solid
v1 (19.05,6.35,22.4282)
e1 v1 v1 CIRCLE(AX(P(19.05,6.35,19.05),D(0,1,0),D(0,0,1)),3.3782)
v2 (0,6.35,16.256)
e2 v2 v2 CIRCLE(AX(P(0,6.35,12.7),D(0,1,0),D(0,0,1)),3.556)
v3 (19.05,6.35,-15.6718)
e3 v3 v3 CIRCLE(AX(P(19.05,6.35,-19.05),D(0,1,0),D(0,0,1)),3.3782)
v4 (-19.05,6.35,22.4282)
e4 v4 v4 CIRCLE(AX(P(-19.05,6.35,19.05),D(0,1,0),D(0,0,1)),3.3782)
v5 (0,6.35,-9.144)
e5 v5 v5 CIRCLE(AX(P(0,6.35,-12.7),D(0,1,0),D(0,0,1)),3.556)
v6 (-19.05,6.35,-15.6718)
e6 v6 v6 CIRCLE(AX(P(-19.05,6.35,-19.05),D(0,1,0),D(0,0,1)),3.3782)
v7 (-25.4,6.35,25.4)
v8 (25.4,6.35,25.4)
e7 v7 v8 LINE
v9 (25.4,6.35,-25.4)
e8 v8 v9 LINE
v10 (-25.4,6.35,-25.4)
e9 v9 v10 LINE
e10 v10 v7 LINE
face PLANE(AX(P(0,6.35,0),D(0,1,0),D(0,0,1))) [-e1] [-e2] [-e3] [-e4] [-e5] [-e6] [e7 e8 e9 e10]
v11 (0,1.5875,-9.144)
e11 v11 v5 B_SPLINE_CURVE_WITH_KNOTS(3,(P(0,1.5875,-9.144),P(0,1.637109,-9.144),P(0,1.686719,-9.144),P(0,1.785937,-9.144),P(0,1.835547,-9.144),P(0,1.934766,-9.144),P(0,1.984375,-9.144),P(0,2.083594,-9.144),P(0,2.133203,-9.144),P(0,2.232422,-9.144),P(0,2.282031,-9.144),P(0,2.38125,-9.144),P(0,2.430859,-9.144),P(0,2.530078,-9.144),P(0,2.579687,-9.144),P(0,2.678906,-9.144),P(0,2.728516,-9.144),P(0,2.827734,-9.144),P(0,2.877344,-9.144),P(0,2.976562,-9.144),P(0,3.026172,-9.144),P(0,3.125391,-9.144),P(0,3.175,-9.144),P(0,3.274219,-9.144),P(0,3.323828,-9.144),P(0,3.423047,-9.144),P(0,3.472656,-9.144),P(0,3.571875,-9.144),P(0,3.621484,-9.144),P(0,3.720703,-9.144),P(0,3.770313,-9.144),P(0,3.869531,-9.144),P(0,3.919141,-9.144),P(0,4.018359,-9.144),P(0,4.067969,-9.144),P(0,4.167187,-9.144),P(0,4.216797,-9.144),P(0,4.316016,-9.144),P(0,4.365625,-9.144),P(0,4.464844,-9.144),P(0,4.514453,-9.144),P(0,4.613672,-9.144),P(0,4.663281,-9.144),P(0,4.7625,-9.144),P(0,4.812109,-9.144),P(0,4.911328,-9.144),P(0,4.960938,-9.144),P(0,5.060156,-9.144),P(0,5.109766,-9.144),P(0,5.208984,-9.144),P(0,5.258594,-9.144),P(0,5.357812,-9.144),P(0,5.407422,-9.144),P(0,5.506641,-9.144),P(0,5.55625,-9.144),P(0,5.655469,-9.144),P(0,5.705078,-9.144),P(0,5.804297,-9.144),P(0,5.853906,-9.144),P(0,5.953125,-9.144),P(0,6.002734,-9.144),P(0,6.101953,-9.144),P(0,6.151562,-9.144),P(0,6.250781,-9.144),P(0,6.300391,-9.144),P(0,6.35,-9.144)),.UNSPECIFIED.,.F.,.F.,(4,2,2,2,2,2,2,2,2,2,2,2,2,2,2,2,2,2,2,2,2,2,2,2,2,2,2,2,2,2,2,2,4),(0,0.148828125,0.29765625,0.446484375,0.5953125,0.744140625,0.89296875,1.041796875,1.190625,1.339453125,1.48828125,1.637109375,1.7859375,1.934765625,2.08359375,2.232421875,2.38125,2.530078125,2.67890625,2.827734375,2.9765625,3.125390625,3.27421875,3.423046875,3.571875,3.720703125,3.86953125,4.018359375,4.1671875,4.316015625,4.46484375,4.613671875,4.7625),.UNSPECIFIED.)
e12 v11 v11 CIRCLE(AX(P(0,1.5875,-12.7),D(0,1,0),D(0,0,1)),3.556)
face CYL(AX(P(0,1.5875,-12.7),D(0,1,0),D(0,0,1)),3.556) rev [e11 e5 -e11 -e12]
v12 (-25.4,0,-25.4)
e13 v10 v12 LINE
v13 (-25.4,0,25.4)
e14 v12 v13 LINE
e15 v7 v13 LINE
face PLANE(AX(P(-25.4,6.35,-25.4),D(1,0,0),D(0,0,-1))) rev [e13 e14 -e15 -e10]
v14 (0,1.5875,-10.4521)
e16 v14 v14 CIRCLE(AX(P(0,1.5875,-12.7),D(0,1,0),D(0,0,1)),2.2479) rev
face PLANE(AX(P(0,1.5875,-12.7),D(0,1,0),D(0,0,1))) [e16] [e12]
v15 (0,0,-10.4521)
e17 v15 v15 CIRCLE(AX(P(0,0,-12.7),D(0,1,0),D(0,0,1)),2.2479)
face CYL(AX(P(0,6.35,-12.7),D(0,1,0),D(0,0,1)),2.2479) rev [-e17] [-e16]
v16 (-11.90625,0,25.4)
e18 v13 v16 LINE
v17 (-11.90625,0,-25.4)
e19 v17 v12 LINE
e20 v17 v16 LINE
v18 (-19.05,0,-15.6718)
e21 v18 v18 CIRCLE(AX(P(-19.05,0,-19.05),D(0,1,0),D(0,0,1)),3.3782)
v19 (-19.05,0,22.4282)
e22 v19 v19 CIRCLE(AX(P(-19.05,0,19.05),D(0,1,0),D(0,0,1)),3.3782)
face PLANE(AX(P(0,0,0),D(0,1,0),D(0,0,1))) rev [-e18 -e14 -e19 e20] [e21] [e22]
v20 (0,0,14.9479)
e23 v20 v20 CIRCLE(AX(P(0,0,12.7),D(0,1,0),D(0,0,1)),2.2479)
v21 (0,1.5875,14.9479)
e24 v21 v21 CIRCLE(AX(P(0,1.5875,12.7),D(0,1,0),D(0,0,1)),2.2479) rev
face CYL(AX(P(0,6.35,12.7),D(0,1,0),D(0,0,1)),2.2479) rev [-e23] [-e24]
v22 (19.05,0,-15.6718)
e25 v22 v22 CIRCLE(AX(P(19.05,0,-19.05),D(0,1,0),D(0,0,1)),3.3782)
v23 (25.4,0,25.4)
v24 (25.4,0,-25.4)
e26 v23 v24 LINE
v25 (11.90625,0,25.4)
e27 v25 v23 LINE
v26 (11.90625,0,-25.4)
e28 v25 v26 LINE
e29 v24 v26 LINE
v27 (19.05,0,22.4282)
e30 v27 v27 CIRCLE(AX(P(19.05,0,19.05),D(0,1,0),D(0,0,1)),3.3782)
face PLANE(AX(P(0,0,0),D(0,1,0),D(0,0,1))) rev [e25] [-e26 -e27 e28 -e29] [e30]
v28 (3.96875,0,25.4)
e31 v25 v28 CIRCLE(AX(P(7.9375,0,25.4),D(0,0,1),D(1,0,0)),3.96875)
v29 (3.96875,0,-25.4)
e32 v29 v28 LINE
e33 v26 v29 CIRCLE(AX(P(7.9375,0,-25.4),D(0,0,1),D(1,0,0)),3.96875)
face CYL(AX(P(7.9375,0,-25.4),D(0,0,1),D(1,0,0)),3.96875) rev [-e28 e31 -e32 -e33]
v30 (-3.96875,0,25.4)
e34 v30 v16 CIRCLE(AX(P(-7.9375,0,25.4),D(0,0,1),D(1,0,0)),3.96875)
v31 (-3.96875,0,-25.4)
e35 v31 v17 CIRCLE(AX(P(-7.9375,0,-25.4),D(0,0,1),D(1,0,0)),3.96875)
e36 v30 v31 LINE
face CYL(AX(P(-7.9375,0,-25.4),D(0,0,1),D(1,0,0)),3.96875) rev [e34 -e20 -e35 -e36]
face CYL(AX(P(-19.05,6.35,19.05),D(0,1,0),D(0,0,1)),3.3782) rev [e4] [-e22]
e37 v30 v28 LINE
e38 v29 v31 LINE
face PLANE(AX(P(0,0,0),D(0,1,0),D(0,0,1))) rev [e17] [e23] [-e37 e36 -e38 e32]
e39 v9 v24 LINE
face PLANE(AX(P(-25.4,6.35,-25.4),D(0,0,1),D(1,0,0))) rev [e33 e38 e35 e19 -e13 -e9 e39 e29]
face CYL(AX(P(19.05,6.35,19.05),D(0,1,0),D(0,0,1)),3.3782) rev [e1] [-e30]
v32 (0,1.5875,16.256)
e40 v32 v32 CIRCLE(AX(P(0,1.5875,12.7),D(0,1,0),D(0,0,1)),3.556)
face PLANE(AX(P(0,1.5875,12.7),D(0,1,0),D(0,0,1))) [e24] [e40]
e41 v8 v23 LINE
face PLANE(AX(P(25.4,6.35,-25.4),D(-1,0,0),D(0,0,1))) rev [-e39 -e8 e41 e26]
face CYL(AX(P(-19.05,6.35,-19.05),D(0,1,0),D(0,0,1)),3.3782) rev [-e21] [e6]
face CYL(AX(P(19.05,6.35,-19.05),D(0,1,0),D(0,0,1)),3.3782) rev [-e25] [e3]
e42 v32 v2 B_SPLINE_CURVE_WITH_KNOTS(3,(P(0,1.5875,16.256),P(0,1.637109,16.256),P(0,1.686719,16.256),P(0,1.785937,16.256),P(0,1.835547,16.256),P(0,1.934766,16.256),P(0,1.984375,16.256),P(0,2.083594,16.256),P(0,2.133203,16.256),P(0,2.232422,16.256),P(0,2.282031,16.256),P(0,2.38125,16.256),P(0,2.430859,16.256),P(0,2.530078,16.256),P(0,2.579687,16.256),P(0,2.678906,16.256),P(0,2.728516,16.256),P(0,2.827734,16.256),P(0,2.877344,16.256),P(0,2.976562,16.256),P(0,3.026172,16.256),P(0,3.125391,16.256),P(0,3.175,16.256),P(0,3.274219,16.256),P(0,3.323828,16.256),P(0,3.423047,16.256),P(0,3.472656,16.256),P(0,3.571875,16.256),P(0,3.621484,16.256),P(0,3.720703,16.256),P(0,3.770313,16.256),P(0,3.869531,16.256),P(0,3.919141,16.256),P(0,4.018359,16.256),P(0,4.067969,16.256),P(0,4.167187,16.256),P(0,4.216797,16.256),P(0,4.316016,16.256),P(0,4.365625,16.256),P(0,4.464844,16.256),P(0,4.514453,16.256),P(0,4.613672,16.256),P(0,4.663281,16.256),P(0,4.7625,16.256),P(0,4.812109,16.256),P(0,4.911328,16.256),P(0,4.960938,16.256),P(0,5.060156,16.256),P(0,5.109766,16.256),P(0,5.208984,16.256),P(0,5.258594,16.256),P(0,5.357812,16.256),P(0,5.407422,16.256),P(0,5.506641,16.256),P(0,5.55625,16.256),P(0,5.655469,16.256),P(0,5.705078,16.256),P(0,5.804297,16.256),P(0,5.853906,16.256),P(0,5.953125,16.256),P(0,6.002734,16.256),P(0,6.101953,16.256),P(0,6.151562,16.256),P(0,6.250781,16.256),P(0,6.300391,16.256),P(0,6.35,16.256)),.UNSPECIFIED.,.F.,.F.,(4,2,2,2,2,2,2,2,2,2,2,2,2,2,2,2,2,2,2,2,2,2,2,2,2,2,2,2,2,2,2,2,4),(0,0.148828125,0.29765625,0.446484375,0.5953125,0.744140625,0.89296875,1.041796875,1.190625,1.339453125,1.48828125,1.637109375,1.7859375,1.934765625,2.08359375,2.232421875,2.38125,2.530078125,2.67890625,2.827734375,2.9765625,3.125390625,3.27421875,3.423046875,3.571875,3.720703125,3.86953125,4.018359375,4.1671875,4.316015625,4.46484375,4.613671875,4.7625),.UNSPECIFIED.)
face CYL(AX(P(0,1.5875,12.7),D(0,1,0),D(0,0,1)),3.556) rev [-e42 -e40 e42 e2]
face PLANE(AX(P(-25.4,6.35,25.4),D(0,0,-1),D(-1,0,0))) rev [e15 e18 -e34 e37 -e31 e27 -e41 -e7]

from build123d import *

# Parameters (mm, degrees)
SKETCH1_W               = 50.8
SKETCH1_H               = 50.8
BOSS_EXTRUDE1_DEPTH     = 6.35
SKETCH2_R               = 3.96875
CUT_EXTRUDE1_DEPTH      = 58.15
F_1_4_CLEARANCE_HOLE1_D = 6.7564
F_8_CLEARANCE_HOLE1_D   = 4.4958
SKETCH10_R              = 3.556
CUT_EXTRUDE2_DEPTH      = 4.7625


with BuildPart() as part:
    # Sketch1 → Boss-Extrude1 (new body)
    with BuildSketch(Plane(origin=(0, 0, 0), x_dir=(1, 0, 0), z_dir=(0, 1, 0))):
        Rectangle(SKETCH1_W, SKETCH1_H)
    extrude(amount=BOSS_EXTRUDE1_DEPTH)

    # Sketch2 → Cut-Extrude1 (cut, through all)
    with BuildSketch(Plane.XY.offset(25.4)):
        with Locations((-7.9375, 0)):
            Circle(SKETCH2_R)
        with Locations((7.9375, 0)):
            Circle(SKETCH2_R)
    extrude(amount=-CUT_EXTRUDE1_DEPTH, mode=Mode.SUBTRACT)

    # 1/4 Clearance Hole1 (through all)
    with Locations(Plane(origin=(0, 6.35, 0), x_dir=(1, 0, 0), z_dir=(0, 1, 0))):
        with Locations((-19.05, -19.05), (-19.05, 19.05), (19.05, 19.05), (19.05, -19.05)):
            Hole(F_1_4_CLEARANCE_HOLE1_D / 2)

    # #8 Clearance Hole1 (through all)
    with Locations(Plane(origin=(0, 6.35, 0), x_dir=(1, 0, 0), z_dir=(0, 1, 0))):
        with Locations((0, 12.7), (0, -12.7)):
            Hole(F_8_CLEARANCE_HOLE1_D / 2)

    # Sketch10 → Cut-Extrude2 (cut)
    with BuildSketch(Plane(origin=(0, 6.35, 0), x_dir=(1, 0, 0), z_dir=(0, 1, 0))):
        with Locations(Location((0, 12.7, 0), (0, 0, 270))):
            Circle(SKETCH10_R)
        with Locations(Location((0, -12.7, 0), (0, 0, 270))):
            Circle(SKETCH10_R)
    extrude(amount=-CUT_EXTRUDE2_DEPTH, mode=Mode.SUBTRACT)


solid = part.part
